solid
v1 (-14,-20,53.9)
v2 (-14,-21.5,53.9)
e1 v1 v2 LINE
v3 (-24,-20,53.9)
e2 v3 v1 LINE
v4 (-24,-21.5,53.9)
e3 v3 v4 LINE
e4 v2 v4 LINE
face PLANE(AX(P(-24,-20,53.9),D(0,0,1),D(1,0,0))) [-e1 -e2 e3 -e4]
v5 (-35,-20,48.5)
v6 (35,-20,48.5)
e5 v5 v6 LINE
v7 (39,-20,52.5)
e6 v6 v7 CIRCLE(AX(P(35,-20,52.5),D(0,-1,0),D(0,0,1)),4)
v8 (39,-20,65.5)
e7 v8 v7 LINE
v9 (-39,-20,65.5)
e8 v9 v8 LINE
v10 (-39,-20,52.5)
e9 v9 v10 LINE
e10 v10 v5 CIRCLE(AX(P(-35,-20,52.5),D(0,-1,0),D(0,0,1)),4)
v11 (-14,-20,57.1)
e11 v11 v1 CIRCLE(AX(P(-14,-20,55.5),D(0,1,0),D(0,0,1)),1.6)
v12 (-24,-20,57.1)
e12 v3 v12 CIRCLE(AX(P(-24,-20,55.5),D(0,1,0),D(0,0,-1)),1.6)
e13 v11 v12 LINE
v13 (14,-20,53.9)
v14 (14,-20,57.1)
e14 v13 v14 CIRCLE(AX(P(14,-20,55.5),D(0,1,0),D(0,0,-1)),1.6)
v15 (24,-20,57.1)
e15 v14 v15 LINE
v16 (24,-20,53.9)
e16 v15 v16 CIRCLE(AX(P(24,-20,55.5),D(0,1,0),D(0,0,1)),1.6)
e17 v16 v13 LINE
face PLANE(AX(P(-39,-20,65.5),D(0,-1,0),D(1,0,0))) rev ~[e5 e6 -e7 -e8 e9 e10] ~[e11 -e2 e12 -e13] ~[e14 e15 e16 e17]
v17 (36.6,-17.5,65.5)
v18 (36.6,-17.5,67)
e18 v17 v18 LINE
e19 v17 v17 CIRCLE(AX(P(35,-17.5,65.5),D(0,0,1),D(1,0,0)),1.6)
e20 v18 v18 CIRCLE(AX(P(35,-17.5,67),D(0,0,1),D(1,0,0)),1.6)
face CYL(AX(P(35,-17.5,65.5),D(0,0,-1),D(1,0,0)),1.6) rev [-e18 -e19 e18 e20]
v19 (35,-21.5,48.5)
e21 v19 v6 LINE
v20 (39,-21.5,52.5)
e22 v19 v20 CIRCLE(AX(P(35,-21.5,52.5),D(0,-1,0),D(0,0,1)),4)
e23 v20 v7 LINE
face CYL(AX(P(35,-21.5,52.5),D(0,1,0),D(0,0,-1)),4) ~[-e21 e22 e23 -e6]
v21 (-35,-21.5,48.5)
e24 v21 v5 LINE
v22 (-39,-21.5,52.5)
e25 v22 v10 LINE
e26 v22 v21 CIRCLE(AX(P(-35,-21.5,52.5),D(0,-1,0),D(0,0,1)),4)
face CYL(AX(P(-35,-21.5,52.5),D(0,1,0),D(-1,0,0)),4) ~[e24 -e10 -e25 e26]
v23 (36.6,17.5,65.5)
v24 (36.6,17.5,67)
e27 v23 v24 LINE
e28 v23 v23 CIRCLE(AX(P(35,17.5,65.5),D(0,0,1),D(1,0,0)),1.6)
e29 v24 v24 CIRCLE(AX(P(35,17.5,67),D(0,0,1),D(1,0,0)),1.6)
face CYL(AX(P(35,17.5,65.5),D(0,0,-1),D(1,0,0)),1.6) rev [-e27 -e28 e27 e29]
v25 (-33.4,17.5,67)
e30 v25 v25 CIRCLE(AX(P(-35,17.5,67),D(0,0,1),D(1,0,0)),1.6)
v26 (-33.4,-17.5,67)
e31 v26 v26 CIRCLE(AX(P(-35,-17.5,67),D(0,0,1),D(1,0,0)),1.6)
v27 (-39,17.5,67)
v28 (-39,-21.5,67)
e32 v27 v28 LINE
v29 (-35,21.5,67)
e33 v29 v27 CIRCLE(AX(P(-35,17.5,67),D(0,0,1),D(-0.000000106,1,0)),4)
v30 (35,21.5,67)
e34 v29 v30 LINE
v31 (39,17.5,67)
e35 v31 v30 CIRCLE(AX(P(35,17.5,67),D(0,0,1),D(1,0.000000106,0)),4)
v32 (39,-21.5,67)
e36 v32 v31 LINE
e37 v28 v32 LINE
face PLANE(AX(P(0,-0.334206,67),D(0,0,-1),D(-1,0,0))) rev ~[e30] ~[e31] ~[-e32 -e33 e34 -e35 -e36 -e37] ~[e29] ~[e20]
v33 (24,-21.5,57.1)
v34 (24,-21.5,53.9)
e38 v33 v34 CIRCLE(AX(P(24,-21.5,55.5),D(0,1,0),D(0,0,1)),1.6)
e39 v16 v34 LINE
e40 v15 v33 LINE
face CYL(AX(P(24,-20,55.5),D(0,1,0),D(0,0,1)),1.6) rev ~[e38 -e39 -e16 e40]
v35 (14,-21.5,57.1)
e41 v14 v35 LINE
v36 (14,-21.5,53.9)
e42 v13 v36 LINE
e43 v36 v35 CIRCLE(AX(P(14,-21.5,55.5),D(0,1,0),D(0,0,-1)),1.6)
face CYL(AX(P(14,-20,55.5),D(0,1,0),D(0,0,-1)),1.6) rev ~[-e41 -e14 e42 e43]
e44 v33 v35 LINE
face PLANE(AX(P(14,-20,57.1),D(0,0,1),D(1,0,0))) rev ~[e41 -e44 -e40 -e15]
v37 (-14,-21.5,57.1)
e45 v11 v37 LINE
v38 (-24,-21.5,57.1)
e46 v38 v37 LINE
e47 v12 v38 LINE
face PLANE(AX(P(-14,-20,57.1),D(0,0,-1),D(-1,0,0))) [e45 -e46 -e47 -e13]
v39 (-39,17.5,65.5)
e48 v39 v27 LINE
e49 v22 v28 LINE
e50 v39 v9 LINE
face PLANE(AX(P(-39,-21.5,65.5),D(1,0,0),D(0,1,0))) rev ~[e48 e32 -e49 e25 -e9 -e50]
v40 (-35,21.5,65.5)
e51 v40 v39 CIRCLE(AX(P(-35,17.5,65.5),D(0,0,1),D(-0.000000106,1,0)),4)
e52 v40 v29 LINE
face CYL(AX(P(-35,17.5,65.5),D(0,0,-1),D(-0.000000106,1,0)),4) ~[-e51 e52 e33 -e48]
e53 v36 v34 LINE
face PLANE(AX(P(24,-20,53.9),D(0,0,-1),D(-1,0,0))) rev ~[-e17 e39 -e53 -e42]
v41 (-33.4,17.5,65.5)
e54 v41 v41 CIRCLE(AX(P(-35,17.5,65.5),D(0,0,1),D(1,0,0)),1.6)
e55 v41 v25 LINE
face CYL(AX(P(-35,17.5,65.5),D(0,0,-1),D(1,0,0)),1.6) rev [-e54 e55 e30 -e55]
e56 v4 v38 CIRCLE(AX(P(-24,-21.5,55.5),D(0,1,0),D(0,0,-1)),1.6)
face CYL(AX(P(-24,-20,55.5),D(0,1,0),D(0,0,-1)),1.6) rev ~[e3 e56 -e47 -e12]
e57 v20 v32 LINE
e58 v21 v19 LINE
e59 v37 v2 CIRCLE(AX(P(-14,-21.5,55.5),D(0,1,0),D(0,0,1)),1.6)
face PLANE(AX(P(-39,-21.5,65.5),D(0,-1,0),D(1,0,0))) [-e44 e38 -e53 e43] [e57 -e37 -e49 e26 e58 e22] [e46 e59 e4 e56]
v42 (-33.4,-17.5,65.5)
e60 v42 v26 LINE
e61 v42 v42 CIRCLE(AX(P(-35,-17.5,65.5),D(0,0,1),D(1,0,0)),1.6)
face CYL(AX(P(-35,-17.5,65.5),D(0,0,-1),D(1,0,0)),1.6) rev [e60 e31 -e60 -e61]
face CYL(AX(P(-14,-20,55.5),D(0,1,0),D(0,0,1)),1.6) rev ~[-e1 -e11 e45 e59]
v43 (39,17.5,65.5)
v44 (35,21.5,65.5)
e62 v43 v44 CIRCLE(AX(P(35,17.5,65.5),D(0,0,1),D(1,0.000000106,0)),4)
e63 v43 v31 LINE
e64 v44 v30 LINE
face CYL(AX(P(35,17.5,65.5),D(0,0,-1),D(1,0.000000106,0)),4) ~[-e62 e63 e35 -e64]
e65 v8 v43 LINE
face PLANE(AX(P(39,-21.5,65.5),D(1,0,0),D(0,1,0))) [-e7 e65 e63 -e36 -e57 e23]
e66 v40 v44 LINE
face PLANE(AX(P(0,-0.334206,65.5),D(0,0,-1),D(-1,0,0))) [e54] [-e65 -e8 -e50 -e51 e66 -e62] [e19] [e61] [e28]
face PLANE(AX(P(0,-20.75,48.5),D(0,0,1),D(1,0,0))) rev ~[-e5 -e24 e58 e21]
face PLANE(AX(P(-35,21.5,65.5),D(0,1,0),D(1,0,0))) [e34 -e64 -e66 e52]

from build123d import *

# Parameters (mm, degrees)
SKETCH006_R  = 1.6
PAD007_DEPTH = 1.5
SKETCH_W     = 78
SKETCH_H     = 1.5
PAD008_DEPTH = 17
POCKET_DEPTH = 1.501
FILLET_R     = 4


with BuildPart() as part:
    # Sketch006 → Pad007 (new body)
    with BuildSketch(Plane.XY):
        with BuildLine():
            Line((-35, 21.5), (35, 21.5))
            ThreePointArc((39, 17.5), (37.828427, 20.328427), (35, 21.5))
            Line((39, -21.5), (39, 17.5))
            Line((-39, -21.5), (39, -21.5))
            Line((-39, 17.5), (-39, -21.5))
            ThreePointArc((-35, 21.5), (-37.828427, 20.328427), (-39, 17.5))
        make_face()
        with Locations((-35, -17.5)):
            Circle(SKETCH006_R, mode=Mode.SUBTRACT)
        with Locations((35, 17.5)):
            Circle(SKETCH006_R, mode=Mode.SUBTRACT)
        with Locations((35, -17.5)):
            Circle(SKETCH006_R, mode=Mode.SUBTRACT)
        with Locations((-35, 17.5)):
            Circle(SKETCH006_R, mode=Mode.SUBTRACT)
    extrude(amount=PAD007_DEPTH)

    # Sketch → Pad008 (join)
    with BuildSketch(Plane.XY):
        with Locations((0, -20.75)):
            Rectangle(SKETCH_W, SKETCH_H)
    extrude(amount=-PAD008_DEPTH)

    # Sketch012 (on Face11 of Pad008) → Pocket (cut, through all)
    with BuildSketch(Plane(origin=(0, -20, 0), x_dir=(-1, 0, 0), z_dir=(0, 1, 0))):
        with BuildLine():
            ThreePointArc((-24, -8.4), (-25.6, -10), (-24, -11.6))
            Line((-24, -11.6), (-14, -11.6))
            ThreePointArc((-14, -11.6), (-12.4, -10), (-14, -8.4))
            Line((-14, -8.4), (-24, -8.4))
        make_face()
        with BuildLine():
            ThreePointArc((24, -11.6), (25.6, -10), (24, -8.4))
            Line((14, -8.4), (24, -8.4))
            ThreePointArc((14, -8.4), (12.4, -10), (14, -11.6))
            Line((24, -11.6), (14, -11.6))
        make_face()
    extrude(amount=-POCKET_DEPTH, mode=Mode.SUBTRACT)

    # Fillet
    fillet_edges = [part.edges().sort_by_distance(p)[0] for p in [
        (-39, -20.75, -17),
        (39, -20.75, -17),
    ]]
    fillet(fillet_edges, radius=FILLET_R)


with BuildPart() as part_1:
    # Body001 placement: moved
    add(part.part.moved(Location((0, 0, 65.5))))


solid = part_1.part
